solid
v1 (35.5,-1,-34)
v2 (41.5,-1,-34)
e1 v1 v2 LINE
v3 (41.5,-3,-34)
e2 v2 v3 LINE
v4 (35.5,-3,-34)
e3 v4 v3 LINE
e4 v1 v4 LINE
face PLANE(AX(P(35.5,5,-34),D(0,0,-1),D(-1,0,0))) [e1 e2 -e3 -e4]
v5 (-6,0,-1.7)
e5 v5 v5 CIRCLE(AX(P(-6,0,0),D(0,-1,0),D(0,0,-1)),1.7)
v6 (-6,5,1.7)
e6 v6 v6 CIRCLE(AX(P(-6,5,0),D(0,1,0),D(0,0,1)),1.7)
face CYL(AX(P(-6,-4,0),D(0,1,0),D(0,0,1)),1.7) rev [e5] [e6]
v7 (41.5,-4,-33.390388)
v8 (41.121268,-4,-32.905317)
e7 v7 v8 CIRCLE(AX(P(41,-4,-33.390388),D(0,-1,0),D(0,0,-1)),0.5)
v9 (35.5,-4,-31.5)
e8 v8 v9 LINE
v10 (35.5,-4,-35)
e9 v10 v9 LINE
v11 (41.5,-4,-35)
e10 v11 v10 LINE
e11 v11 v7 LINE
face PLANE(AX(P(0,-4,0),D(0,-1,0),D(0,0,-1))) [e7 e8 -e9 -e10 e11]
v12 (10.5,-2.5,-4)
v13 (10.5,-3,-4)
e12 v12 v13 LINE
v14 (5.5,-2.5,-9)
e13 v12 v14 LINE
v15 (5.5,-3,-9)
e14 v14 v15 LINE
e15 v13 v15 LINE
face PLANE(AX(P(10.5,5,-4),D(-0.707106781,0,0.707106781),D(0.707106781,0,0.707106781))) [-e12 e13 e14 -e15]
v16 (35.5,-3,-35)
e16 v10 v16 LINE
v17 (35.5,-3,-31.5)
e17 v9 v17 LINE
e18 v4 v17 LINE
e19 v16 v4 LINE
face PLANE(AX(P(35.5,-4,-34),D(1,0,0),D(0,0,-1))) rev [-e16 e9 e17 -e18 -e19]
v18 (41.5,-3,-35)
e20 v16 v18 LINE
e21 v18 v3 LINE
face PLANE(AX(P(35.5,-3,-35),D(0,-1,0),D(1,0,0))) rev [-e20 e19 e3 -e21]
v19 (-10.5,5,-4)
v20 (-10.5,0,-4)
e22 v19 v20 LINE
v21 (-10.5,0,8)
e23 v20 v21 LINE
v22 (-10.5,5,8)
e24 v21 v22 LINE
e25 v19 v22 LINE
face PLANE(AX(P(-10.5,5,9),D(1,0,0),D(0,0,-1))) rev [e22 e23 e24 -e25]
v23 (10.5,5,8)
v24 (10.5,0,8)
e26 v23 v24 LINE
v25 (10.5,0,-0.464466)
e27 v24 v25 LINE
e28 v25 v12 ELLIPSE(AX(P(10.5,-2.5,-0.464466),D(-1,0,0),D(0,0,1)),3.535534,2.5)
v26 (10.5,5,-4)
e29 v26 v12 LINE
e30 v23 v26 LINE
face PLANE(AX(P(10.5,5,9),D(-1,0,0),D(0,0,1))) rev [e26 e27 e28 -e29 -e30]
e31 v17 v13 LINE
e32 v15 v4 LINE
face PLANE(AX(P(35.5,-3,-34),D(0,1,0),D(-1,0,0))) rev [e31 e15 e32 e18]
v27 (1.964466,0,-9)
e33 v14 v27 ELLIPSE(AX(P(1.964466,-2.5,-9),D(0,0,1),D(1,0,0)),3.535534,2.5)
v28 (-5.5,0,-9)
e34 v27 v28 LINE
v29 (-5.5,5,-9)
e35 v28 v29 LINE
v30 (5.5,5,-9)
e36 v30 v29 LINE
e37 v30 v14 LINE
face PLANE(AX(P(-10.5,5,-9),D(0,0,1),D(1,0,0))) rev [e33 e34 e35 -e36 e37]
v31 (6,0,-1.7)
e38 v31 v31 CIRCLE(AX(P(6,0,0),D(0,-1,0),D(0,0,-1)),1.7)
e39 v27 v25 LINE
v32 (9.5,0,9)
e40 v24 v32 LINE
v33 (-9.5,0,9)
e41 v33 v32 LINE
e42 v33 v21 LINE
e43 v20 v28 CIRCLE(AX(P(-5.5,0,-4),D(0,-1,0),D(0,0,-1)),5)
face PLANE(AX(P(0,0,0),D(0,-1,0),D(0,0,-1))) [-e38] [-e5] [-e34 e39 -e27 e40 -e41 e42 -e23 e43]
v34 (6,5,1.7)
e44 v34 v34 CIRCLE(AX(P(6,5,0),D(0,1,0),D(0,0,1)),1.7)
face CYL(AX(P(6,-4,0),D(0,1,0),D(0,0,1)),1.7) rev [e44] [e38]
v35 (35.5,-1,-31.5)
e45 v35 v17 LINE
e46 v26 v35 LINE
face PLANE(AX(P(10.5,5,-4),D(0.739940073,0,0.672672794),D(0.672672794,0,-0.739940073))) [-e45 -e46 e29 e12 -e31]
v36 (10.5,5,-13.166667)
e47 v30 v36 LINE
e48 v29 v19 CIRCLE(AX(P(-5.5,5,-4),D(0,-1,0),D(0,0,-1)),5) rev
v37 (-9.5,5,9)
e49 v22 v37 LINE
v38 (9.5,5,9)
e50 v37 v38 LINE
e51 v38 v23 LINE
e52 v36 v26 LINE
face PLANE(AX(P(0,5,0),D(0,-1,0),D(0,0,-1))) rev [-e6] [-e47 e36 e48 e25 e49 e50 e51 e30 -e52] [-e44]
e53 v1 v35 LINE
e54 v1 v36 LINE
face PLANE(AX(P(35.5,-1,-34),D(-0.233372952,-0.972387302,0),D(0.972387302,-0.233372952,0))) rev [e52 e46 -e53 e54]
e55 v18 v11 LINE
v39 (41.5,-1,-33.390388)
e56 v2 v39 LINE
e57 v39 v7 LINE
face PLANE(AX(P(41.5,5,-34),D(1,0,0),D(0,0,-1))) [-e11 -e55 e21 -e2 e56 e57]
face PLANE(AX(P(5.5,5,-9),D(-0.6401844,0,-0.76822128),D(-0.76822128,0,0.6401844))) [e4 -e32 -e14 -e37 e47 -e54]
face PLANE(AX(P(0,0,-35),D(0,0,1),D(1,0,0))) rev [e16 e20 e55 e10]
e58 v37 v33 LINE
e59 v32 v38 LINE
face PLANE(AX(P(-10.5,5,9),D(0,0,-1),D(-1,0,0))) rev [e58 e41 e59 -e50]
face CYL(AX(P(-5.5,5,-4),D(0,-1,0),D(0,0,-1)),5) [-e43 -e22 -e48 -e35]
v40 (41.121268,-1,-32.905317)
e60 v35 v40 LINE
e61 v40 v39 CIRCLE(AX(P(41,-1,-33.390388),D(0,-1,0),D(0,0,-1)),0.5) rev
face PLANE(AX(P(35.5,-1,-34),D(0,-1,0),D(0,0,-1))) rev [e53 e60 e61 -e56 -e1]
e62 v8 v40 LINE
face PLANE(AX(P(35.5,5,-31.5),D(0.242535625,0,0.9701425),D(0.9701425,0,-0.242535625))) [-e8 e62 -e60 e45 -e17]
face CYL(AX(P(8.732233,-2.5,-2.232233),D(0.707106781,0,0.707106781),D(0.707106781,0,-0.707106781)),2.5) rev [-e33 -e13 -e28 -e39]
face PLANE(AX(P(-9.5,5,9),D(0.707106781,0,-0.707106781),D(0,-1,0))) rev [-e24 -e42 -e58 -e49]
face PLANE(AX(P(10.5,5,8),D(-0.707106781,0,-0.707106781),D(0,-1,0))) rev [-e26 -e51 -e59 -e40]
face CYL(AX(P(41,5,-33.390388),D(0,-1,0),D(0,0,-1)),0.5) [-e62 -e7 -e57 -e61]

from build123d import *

# Parameters (mm, degrees)
SKETCH_2_W          = 21
SKETCH_2_H          = 18
EXTRUDE_2_DEPTH     = 5
EXTRUDE_3_DEPTH     = 9
SKETCH_4_W          = 30
SKETCH_4_H          = 1
CUT_EXTRUDE_1_DEPTH = 60.968741858
FILLET_1_R          = 0.5
FILLET_2_R          = 2.5
FILLET_3_R          = 5
CHAMFER_1_SIZE      = 1
SKETCH_5_R          = 1.7
CUT_EXTRUDE_2_DEPTH = 55.398988961
SKETCH_6_W          = 6
SKETCH_6_H          = 1
EXTRUDE_4_DEPTH     = 1


with BuildPart() as part:
    # ｽｹｯﾁ2 → ﾎﾞｽ - 押し出し2 (new body)
    with BuildSketch(Plane(origin=(0, 0, 0), x_dir=(1, 0, 0), z_dir=(0, 1, 0))):
        Rectangle(SKETCH_2_W, SKETCH_2_H)
    extrude(amount=EXTRUDE_2_DEPTH)

    # ｽｹｯﾁ3 → ﾎﾞｽ - 押し出し3 (add)
    with BuildSketch(Plane(origin=(0, -4, 0), x_dir=(-1, 0, 0), z_dir=(0, -1, 0))):
        Polygon((-5.5, 9), (-35.5, 34), (-41.5, 34), (-41.5, 33), (-35.5, 31.5), (-10.5, 4), align=None)
    extrude(amount=-EXTRUDE_3_DEPTH)

    # ｽｹｯﾁ4 → ｶｯﾄ - 押し出し1 (cut, through all)
    with BuildSketch(Plane.XY.offset(9)):
        Polygon((35.5, -1), (10.5, 5), (41.5, 5), (41.5, -1), align=None)
        with Locations((20.5, -3.5)):
            Rectangle(SKETCH_4_W, SKETCH_4_H)
    extrude(amount=-CUT_EXTRUDE_1_DEPTH, mode=Mode.SUBTRACT)

    # ﾌｨﾚｯﾄ1
    fillet_1_edges = [part.edges().sort_by_distance(p)[0] for p in [
        (41.5, -2.5, -33),
    ]]
    fillet(fillet_1_edges, radius=FILLET_1_R)

    # ﾌｨﾚｯﾄ2
    fillet_2_edges = [part.edges().sort_by_distance(p)[0] for p in [
        (8, 0, -6.5),
    ]]
    fillet(fillet_2_edges, radius=FILLET_2_R)

    # ﾌｨﾚｯﾄ3
    fillet_3_edges = [part.edges().sort_by_distance(p)[0] for p in [
        (-10.5, 2.5, -9),
    ]]
    fillet(fillet_3_edges, radius=FILLET_3_R)

    # 面取り1
    chamfer_1_edges = [part.edges().sort_by_distance(p)[0] for p in [
        (10.5, 2.5, 9),
        (-10.5, 2.5, 9),
    ]]
    chamfer(chamfer_1_edges, length=CHAMFER_1_SIZE)

    # ｽｹｯﾁ5 → ｶｯﾄ - 押し出し2 (cut, through all)
    with BuildSketch(Plane(origin=(0, 5, 0), x_dir=(1, 0, 0), z_dir=(0, 1, 0))):
        with Locations(Location((6, 0, 0), (0, 0, 270))):
            Circle(SKETCH_5_R)
        with Locations(Location((-6, 0, 0), (0, 0, 270))):
            Circle(SKETCH_5_R)
    extrude(amount=-CUT_EXTRUDE_2_DEPTH, mode=Mode.SUBTRACT)

    # ｽｹｯﾁ6 → ﾎﾞｽ - 押し出し4 (add)
    with BuildSketch(Plane(origin=(0, 0, -34), x_dir=(-1, 0, 0), z_dir=(0, 0, -1))):
        with Locations((-38.5, -3.5)):
            Rectangle(SKETCH_6_W, SKETCH_6_H)
    extrude(amount=EXTRUDE_4_DEPTH)


solid = part.part
